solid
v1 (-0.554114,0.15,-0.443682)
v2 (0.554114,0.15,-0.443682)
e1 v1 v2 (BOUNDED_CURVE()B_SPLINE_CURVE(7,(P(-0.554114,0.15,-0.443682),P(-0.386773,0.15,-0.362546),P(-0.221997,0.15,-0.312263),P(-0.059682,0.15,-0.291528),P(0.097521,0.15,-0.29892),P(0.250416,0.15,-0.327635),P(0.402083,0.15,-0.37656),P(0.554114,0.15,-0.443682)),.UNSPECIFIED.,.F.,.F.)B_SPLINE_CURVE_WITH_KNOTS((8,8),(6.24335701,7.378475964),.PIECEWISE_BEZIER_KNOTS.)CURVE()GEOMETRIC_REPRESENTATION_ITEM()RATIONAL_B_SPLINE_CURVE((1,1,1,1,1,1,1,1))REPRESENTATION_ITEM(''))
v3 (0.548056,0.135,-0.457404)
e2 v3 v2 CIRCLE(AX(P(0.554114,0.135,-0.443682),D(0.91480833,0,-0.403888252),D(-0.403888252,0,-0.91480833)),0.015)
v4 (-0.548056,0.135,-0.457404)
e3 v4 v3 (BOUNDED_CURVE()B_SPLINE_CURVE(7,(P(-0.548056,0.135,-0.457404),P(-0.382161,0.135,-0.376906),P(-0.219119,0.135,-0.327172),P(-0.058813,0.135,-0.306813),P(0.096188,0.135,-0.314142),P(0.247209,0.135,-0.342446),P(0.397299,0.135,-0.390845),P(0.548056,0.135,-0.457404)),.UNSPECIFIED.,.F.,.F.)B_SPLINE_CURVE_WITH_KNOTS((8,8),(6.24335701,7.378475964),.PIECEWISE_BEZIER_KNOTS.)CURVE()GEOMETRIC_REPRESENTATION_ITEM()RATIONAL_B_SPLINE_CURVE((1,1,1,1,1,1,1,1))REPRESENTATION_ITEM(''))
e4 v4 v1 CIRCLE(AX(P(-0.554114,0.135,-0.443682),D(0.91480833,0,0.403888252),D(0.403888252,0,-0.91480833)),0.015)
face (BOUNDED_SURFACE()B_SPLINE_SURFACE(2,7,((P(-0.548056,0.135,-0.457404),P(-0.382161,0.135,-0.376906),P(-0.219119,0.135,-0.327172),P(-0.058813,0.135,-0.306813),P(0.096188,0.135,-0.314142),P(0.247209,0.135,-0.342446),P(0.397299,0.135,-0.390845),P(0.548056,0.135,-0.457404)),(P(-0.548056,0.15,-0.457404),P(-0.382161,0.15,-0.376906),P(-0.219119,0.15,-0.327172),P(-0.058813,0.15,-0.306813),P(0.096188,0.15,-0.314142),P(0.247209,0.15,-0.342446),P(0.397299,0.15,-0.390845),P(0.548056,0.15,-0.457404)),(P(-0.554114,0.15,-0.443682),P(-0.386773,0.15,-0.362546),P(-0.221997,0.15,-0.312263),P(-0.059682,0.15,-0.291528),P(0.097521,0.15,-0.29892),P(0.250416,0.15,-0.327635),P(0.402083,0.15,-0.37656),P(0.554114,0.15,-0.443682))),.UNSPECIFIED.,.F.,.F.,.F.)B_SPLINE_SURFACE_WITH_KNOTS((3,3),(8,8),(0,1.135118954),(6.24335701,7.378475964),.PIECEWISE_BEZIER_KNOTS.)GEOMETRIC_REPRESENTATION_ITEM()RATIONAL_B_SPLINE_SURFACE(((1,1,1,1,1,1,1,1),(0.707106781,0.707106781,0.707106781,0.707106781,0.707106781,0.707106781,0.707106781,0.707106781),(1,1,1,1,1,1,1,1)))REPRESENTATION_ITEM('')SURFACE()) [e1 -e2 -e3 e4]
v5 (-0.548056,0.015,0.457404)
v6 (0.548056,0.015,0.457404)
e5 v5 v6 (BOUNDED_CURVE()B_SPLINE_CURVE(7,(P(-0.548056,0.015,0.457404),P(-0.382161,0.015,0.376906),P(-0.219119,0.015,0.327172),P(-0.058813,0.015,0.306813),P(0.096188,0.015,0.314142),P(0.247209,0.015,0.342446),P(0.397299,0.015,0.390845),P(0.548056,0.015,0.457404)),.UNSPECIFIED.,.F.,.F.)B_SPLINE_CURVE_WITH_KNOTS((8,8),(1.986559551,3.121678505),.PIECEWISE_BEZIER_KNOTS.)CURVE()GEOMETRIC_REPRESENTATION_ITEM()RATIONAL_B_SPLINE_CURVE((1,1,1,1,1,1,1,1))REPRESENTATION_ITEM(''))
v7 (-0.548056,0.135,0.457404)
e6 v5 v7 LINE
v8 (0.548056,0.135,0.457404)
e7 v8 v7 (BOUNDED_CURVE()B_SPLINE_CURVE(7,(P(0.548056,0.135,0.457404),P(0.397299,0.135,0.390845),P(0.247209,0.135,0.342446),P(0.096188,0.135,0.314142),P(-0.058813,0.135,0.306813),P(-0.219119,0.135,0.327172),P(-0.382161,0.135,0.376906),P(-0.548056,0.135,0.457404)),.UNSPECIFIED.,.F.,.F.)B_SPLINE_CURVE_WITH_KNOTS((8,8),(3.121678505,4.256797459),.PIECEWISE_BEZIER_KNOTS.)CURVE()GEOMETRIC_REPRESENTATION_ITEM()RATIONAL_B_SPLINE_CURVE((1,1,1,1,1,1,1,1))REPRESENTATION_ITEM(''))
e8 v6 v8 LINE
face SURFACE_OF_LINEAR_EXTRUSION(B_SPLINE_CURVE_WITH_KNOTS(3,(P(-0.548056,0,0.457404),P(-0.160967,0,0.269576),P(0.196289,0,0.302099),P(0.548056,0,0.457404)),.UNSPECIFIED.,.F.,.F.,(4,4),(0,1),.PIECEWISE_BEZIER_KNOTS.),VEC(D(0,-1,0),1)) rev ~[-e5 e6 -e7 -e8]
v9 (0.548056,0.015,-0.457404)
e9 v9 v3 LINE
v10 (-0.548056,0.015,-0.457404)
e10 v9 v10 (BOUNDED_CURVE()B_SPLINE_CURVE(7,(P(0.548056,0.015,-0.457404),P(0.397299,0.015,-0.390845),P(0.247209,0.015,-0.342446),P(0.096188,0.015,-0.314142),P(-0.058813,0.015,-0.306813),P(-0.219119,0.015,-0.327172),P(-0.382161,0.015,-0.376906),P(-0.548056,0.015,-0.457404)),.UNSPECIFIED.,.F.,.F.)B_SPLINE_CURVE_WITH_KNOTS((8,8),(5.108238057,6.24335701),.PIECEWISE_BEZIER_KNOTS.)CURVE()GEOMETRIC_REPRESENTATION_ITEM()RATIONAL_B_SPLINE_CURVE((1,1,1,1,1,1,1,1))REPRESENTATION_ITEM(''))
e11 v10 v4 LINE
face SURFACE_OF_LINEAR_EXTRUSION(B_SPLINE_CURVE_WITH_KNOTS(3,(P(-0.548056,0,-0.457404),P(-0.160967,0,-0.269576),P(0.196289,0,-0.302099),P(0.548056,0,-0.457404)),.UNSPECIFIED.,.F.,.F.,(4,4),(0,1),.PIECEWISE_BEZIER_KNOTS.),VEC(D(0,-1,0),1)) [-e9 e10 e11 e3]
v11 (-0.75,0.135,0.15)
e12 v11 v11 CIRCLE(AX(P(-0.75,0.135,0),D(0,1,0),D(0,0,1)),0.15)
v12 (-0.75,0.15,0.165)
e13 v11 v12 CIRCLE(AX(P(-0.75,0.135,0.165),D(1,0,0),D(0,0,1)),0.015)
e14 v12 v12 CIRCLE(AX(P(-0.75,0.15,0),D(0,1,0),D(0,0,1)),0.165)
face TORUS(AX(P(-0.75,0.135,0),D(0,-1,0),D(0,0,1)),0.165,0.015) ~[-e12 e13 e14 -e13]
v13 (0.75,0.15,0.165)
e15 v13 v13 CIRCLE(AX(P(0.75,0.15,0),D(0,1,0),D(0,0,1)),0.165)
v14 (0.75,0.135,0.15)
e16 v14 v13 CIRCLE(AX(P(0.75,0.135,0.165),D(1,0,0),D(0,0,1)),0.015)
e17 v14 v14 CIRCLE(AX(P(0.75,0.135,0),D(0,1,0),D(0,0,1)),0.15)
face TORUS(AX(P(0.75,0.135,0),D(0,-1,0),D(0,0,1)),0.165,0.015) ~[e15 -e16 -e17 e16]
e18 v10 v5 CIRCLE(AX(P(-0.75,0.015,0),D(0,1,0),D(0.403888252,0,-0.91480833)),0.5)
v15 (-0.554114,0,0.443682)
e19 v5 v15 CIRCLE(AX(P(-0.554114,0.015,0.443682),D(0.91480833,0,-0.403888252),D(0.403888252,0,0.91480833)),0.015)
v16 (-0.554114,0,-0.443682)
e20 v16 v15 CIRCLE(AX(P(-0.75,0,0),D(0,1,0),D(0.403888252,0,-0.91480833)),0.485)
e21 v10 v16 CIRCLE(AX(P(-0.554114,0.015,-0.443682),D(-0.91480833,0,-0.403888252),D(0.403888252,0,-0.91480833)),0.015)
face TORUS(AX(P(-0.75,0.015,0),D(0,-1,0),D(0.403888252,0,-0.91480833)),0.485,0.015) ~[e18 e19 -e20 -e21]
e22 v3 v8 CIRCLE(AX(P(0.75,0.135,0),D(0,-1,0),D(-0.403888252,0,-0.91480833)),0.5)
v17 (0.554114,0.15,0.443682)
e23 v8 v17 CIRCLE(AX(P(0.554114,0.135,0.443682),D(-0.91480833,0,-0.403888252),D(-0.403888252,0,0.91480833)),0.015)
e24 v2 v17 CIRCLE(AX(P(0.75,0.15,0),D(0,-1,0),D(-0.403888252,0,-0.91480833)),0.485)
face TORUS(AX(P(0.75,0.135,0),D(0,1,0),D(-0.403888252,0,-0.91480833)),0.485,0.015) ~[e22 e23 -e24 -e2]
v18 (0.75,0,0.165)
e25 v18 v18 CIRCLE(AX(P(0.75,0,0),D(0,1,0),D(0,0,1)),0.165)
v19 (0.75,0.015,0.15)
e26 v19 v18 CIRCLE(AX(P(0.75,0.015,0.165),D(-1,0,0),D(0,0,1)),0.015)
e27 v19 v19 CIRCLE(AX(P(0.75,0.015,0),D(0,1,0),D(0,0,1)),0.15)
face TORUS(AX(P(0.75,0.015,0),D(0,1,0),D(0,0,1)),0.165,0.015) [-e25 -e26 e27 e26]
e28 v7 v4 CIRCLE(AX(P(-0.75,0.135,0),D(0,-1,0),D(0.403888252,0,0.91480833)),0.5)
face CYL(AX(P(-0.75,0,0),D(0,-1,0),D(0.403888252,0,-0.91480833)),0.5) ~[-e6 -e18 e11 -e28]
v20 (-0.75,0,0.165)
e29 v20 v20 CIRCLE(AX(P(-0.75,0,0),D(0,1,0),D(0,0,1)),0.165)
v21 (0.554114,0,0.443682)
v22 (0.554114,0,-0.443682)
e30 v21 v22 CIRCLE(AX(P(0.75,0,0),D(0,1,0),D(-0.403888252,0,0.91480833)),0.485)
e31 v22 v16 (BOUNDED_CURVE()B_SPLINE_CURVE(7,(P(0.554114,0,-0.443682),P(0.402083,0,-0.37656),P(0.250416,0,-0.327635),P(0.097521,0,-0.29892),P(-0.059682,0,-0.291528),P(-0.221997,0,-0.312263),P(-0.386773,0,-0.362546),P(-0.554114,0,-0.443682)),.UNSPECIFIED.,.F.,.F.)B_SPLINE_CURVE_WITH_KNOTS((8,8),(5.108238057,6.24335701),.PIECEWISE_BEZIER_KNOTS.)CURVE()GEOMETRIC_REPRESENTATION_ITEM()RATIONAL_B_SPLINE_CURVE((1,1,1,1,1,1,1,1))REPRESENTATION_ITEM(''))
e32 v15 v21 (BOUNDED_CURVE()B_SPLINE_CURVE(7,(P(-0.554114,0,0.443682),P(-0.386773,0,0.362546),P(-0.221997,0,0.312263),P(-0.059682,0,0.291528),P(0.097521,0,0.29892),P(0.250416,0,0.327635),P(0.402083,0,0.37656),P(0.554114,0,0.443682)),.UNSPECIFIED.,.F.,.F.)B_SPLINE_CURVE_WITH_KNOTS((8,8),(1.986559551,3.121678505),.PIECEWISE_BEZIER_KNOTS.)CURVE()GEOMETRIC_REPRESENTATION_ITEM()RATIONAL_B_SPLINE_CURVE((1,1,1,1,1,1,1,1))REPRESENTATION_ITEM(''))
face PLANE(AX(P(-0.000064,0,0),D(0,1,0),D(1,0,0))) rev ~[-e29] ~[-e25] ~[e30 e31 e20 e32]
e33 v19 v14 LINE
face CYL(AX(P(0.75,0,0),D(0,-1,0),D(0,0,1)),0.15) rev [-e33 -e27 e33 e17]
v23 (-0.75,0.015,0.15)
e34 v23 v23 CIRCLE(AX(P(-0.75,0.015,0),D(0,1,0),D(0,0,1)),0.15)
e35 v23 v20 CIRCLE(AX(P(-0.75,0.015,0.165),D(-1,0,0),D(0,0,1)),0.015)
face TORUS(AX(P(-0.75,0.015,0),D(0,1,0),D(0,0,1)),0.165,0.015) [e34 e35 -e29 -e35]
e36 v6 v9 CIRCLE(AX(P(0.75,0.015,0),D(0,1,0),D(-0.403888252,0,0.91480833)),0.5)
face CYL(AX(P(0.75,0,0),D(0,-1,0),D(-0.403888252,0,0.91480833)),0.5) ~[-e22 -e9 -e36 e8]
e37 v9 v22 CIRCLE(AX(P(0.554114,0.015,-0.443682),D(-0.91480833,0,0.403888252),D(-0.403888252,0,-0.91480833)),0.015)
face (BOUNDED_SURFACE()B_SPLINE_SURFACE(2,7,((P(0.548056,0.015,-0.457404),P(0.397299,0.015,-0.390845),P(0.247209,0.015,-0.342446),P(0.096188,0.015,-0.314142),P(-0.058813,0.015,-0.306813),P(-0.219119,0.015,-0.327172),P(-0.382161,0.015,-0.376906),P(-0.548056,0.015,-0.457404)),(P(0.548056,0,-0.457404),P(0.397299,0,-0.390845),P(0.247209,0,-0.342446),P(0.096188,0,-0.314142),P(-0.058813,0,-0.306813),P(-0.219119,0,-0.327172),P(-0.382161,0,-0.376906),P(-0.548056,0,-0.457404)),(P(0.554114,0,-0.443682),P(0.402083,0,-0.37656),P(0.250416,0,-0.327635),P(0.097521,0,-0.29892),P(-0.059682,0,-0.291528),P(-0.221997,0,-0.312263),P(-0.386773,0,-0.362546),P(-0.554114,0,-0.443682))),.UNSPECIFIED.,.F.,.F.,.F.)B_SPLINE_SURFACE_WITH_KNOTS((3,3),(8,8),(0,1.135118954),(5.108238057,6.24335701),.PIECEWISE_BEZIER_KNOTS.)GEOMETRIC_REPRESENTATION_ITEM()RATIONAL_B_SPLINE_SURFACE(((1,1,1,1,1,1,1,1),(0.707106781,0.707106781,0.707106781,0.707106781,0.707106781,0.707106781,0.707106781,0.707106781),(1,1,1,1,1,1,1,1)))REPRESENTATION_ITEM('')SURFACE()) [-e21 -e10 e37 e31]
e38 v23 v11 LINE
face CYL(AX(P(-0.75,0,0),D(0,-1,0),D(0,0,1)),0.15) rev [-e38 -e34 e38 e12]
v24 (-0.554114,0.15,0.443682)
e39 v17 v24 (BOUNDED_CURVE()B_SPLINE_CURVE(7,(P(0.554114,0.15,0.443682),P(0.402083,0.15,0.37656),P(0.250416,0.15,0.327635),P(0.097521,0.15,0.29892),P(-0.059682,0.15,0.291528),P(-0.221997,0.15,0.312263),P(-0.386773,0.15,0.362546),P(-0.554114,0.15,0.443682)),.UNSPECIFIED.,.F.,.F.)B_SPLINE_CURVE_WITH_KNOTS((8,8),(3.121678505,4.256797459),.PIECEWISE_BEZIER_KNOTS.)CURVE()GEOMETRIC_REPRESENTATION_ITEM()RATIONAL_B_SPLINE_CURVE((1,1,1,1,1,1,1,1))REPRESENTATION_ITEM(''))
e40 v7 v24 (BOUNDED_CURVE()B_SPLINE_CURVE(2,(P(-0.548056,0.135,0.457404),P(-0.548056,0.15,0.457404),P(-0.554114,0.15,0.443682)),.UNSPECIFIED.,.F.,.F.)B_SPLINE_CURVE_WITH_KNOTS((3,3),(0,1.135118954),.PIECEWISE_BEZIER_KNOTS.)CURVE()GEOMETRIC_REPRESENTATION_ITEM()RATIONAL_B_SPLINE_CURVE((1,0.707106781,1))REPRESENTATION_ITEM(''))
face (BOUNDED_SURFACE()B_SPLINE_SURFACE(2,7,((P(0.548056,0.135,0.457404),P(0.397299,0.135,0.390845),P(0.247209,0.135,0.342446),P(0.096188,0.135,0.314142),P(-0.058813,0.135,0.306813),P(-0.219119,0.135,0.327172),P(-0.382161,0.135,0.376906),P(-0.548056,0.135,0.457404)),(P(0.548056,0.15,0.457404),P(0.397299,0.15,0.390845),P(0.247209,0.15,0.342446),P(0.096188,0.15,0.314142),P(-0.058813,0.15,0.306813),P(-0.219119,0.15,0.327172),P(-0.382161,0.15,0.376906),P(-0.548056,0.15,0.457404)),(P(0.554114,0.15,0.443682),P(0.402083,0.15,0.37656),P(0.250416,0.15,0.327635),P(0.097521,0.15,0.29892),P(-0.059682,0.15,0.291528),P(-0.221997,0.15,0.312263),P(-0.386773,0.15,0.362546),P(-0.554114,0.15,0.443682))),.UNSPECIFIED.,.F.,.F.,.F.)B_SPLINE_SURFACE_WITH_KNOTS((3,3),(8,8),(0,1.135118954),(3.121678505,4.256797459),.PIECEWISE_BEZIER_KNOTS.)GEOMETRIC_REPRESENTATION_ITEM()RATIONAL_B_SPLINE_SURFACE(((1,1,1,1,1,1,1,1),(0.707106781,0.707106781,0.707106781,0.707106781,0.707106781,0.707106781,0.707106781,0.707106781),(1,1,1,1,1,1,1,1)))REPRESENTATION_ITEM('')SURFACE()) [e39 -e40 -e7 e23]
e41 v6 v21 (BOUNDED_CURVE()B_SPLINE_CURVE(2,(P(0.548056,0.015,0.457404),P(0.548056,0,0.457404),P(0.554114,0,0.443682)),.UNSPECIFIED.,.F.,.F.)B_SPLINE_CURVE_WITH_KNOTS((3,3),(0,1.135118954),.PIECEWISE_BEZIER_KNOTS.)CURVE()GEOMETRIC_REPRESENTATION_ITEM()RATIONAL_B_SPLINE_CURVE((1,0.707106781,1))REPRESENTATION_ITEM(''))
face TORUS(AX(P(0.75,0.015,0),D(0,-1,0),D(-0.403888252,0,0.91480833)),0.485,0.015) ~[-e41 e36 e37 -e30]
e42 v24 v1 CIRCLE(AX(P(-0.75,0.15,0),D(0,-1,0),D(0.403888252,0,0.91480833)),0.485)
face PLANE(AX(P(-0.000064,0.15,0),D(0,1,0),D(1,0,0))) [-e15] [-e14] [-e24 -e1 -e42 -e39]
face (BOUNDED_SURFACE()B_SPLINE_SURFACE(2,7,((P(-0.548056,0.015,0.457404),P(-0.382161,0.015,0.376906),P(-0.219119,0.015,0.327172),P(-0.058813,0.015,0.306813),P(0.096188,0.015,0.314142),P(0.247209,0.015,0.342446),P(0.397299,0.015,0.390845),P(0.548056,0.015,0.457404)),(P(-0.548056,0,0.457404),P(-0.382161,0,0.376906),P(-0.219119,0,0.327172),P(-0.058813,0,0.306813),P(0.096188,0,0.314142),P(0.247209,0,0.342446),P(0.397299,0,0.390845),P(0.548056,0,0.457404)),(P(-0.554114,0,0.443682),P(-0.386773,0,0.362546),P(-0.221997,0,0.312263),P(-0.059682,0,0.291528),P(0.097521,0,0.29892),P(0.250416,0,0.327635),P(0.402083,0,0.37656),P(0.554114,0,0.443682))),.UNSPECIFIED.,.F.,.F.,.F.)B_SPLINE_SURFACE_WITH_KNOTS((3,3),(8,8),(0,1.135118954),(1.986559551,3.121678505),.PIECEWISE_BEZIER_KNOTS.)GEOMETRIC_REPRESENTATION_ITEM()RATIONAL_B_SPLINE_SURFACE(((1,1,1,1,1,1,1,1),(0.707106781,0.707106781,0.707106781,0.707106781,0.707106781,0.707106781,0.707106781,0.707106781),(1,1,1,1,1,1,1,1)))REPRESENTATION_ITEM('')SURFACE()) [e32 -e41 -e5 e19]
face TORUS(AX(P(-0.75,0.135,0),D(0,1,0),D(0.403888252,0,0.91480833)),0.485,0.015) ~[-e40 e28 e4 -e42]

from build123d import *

# Parameters (mm, degrees)
SKETCH2_R           = 0.15
BOSS_EXTRUDE1_DEPTH = 0.15
FILLET1_R           = 0.015


with BuildPart() as part:
    # Sketch2 → Boss-Extrude1 (new body)
    with BuildSketch(Plane(origin=(0, 0, 0), x_dir=(1, 0, 0), z_dir=(0, 1, 0))):
        with BuildLine():
            ThreePointArc((-0.548055874, 0.457404165), (-1.25, 0), (-0.548055874, -0.457404165))
            add(Edge.make_bspline(
                [(-0.548055874, -0.457404165), (-0.160967029, -0.26957617), (0.196289379, -0.302099114), (0.548055874, -0.457404165)],
                knots=[0, 0, 0, 0, 1, 1, 1, 1], degree=3))
            ThreePointArc((0.548055874, -0.457404165), (1.25, 0), (0.548055874, 0.457404165))
            add(Edge.make_bspline(
                [(-0.548055874, 0.457404165), (-0.160967029, 0.26957617), (0.196289379, 0.302099114), (0.548055874, 0.457404165)],
                knots=[0, 0, 0, 0, 1, 1, 1, 1], degree=3))
        make_face()
        with Locations(Location((-0.75, 0, 0), (0, 0, 270))):
            Circle(SKETCH2_R, mode=Mode.SUBTRACT)
        with Locations(Location((0.75, 0, 0), (0, 0, 270))):
            Circle(SKETCH2_R, mode=Mode.SUBTRACT)
    extrude(amount=BOSS_EXTRUDE1_DEPTH)

    # Fillet1
    fillet1_edges = [part.edges().sort_by_distance(p)[0] for p in [
        (-0.000624211, 0.15, -0.32850252),
        (-0.75, 0, -0.15),
        (-0.75, 0.15, -0.15),
        (-1.25, 0.15, 0),
        (0.75, 0, -0.15),
        (0.75, 0.15, -0.15),
        (-0.000624211, 0.15, 0.32850252),
        (-1.25, 0, 0),
        (-0.000624211, 0, -0.32850252),
        (1.25, 0, 0),
        (-0.000624211, 0, 0.32850252),
        (1.25, 0.15, 0),
    ]]
    fillet(fillet1_edges, radius=FILLET1_R)


solid = part.part
